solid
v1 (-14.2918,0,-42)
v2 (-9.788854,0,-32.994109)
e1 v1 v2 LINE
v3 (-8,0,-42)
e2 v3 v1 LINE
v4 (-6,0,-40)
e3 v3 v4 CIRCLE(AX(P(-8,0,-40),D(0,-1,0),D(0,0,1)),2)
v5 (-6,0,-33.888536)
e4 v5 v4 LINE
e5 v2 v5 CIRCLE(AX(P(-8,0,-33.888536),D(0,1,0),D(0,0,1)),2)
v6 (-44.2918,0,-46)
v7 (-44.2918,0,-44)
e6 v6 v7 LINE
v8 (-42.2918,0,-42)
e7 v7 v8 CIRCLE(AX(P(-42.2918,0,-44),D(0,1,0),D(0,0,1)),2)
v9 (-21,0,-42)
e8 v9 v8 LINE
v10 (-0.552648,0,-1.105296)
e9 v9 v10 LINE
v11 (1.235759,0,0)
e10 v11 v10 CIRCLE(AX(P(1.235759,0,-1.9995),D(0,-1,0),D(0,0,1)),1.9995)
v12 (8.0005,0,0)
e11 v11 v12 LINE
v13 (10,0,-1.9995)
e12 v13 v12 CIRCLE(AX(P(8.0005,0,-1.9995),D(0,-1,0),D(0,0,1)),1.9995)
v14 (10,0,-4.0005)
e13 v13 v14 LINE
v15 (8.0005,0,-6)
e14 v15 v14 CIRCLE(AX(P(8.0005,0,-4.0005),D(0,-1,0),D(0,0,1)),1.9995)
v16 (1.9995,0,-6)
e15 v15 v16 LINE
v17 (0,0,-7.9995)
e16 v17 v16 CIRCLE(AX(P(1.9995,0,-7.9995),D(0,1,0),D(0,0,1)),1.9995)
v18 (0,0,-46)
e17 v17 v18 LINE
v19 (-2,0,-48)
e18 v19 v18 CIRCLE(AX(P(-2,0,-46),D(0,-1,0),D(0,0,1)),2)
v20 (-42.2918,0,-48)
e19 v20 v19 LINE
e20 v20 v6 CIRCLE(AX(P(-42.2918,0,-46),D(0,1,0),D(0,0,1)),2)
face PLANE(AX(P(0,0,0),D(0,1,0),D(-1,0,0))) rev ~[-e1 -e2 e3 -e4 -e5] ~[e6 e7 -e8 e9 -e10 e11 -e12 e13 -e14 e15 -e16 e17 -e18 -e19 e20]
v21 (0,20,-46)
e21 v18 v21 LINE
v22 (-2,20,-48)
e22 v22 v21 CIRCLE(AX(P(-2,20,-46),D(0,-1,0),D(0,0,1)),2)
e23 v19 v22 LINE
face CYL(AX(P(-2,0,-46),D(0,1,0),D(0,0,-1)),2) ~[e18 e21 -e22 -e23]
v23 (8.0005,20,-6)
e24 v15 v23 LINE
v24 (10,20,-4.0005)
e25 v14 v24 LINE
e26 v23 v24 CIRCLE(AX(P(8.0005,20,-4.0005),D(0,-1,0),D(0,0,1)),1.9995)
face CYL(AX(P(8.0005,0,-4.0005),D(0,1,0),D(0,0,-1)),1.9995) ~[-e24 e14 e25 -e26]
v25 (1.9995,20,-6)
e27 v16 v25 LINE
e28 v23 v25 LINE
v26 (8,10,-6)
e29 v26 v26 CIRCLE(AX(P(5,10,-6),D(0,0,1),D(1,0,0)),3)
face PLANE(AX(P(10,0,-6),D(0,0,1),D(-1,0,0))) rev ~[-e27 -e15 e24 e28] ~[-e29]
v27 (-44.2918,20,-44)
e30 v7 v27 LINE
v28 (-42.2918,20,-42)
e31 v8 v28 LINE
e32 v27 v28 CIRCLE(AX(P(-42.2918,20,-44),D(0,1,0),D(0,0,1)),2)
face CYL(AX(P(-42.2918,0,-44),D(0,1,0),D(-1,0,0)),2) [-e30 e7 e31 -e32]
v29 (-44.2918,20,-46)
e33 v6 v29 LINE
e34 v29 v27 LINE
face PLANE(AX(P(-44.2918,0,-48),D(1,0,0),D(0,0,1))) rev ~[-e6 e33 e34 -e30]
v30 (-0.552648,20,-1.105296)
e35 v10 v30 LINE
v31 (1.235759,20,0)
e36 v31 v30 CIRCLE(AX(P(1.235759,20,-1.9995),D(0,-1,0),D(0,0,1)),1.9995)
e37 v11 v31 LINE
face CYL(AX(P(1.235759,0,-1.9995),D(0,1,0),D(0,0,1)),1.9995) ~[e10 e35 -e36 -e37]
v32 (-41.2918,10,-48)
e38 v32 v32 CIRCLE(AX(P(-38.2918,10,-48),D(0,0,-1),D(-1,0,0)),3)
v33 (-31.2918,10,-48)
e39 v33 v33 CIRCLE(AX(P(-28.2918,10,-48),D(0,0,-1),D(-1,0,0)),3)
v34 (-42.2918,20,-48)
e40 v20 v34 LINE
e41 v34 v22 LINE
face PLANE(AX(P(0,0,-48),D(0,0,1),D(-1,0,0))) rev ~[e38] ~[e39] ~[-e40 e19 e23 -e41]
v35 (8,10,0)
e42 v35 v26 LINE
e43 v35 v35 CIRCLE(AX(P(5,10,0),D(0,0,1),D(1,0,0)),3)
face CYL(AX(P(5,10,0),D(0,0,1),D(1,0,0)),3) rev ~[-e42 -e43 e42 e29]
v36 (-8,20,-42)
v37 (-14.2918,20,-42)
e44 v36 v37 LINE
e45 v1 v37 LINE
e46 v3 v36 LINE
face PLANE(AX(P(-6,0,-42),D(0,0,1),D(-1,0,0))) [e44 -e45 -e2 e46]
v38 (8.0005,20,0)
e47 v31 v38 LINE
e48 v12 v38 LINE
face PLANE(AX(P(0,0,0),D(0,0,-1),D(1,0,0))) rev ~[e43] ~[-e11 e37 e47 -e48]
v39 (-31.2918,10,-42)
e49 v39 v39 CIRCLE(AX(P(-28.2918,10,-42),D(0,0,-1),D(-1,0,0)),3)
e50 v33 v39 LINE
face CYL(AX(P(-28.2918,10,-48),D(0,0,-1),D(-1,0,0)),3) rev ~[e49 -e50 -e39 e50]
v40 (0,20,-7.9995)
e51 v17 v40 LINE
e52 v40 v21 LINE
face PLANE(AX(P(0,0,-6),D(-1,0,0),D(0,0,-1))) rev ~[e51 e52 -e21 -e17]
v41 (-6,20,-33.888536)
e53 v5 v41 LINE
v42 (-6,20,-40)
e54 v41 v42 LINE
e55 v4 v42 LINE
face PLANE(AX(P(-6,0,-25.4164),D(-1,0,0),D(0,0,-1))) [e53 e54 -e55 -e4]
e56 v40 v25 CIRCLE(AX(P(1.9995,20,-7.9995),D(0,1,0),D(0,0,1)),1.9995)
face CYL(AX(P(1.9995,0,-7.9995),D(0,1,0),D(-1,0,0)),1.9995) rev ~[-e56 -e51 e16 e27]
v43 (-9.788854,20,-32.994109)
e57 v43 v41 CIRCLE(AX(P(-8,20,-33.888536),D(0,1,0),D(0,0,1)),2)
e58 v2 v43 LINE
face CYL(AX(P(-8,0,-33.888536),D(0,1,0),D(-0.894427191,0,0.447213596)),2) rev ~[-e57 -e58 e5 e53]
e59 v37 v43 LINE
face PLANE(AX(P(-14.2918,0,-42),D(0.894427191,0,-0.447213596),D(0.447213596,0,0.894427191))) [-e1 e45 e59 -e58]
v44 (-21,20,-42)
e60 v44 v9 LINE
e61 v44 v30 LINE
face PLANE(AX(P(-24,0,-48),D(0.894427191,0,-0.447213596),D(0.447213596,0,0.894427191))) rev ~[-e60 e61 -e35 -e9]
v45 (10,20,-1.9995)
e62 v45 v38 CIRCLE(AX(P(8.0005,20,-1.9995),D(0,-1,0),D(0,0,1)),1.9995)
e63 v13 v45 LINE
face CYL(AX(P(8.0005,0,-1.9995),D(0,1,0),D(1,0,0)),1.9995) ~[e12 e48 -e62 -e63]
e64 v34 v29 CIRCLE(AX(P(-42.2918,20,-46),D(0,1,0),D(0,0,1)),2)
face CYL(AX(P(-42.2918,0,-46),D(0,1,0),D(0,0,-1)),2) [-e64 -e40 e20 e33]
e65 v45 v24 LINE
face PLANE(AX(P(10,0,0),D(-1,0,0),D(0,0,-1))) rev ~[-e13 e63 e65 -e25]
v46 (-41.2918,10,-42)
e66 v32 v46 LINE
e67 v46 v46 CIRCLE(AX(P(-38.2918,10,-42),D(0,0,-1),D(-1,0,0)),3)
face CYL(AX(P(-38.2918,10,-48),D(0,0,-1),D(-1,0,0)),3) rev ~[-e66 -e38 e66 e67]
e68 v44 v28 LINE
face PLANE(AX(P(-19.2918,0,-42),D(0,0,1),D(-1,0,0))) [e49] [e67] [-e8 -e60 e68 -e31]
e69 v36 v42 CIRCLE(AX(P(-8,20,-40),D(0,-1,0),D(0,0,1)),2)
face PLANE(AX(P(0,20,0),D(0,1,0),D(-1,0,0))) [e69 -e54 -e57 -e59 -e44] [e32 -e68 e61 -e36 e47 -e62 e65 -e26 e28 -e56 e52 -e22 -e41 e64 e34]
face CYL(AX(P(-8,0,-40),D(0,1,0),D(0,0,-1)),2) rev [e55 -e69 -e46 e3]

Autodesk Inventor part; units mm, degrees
ref_plane "YZ Plane" through (0, 0, 0) normal (1, 0, 0) x (0, 1, 0)
ref_plane "XZ Plane" through (0, 0, 0) normal (0, 1, 0) x (-1, 0, 0)
ref_plane "XY Plane" through (0, 0, 0) normal (0, 0, 1) x (1, 0, 0)
sketch "Sketch1" plane through (0, 0, 0) normal (0, 1, 0) x (-1, 0, 0)
  line L0 (0, 0) -> (0, -48)
  line L1 (0, -48) -> (24, -48)
  line L2 (24, -48) -> (0, 0)
  line L3 (6, -25.4164) -> (6, -42)
  line L4 (6, -42) -> (14.2918, -42)
  line L5 (14.2918, -42) -> (6, -25.4164)
  line L6 (0, 0) -> (-10, 0)
  line L7 (-10, 0) -> (-10, -6)
  line L8 (-10, -6) -> (0, -6)
  line L9 (0, -6) -> (0, 0)
  dimension "d0" = 48
  dimension "d1" = 24
  dimension "d4" = 6
  dimension "d5" = 10
  dimension "d6" = 6
extrude "Extrusion1" add sketch "Sketch1" along normal blind 20
sketch "Sketch2" plane through (0, 0, 0) normal (0, 0, 1) x (1, 0, 0)
  circle A0 centre (5, 10) radius 3
  line L0 (0, 0) -> (10, 0) projected
  line L1 (0, 0) -> (0, 20) projected
  dimension "d9" = 6
  dimension "d10" = 10
  dimension "d11" = 5
extrude "Extrusion2" cut sketch "Sketch2" against normal through all
sketch "Sketch3" plane through (0, 0, 0) normal (0, -1, 0) x (1, 0, 0)
  line L0 (-14.2918, -42) -> (-6, -42) projected
  line L1 (-14.2918, -42) -> (-44.2918, -42)
  line L2 (-44.2918, -42) -> (-19.2918, -42)
  line L3 (-19.2918, -42) -> (-19.2918, -48)
  line L4 (-19.2918, -48) -> (-44.2918, -48)
  line L5 (-44.2918, -48) -> (-44.2918, -42)
  point P0 (0, 0)
  dimension "d14" = 30
  dimension "d15" = 25
  dimension "d16" = 6
extrude "Extrusion3" add sketch "Sketch3" against normal blind 20
sketch "Sketch4" plane through (0, 0, -48) normal (0, 0, -1) x (-1, 0, 0)
  circle A0 centre (38.2918, 10) radius 3
  circle A1 centre (28.2918, 10) radius 3
  line L0 (44.2918, 0) -> (44.2918, 20) projected
  line L1 (0, 0) -> (44.2918, 0) projected
  dimension "d19" = 6
  dimension "d20" = 6
  dimension "d21" = 6
  dimension "d22" = 10
  dimension "d23" = 10
  dimension "d24" = 10
extrude "Extrusion4" cut sketch "Sketch4" against normal through all
fillet "Fillet1" radius 2 2 edges at (-6, 10, -42) (-6, 10, -25.4164)
fillet "Fillet2" radius 2 3 edges at (0, 10, -48) (-44.2918, 10, -48) (-44.2918, 10, -42)
fillet "Fillet3" radius 2 1 edges at (0, 10, -6)
fillet "Fillet4" radius 2 3 edges at (10, 10, 0) (10, 10, -6) (0, 10, 0)
properties part number "RightAngle_PulleySupport"
